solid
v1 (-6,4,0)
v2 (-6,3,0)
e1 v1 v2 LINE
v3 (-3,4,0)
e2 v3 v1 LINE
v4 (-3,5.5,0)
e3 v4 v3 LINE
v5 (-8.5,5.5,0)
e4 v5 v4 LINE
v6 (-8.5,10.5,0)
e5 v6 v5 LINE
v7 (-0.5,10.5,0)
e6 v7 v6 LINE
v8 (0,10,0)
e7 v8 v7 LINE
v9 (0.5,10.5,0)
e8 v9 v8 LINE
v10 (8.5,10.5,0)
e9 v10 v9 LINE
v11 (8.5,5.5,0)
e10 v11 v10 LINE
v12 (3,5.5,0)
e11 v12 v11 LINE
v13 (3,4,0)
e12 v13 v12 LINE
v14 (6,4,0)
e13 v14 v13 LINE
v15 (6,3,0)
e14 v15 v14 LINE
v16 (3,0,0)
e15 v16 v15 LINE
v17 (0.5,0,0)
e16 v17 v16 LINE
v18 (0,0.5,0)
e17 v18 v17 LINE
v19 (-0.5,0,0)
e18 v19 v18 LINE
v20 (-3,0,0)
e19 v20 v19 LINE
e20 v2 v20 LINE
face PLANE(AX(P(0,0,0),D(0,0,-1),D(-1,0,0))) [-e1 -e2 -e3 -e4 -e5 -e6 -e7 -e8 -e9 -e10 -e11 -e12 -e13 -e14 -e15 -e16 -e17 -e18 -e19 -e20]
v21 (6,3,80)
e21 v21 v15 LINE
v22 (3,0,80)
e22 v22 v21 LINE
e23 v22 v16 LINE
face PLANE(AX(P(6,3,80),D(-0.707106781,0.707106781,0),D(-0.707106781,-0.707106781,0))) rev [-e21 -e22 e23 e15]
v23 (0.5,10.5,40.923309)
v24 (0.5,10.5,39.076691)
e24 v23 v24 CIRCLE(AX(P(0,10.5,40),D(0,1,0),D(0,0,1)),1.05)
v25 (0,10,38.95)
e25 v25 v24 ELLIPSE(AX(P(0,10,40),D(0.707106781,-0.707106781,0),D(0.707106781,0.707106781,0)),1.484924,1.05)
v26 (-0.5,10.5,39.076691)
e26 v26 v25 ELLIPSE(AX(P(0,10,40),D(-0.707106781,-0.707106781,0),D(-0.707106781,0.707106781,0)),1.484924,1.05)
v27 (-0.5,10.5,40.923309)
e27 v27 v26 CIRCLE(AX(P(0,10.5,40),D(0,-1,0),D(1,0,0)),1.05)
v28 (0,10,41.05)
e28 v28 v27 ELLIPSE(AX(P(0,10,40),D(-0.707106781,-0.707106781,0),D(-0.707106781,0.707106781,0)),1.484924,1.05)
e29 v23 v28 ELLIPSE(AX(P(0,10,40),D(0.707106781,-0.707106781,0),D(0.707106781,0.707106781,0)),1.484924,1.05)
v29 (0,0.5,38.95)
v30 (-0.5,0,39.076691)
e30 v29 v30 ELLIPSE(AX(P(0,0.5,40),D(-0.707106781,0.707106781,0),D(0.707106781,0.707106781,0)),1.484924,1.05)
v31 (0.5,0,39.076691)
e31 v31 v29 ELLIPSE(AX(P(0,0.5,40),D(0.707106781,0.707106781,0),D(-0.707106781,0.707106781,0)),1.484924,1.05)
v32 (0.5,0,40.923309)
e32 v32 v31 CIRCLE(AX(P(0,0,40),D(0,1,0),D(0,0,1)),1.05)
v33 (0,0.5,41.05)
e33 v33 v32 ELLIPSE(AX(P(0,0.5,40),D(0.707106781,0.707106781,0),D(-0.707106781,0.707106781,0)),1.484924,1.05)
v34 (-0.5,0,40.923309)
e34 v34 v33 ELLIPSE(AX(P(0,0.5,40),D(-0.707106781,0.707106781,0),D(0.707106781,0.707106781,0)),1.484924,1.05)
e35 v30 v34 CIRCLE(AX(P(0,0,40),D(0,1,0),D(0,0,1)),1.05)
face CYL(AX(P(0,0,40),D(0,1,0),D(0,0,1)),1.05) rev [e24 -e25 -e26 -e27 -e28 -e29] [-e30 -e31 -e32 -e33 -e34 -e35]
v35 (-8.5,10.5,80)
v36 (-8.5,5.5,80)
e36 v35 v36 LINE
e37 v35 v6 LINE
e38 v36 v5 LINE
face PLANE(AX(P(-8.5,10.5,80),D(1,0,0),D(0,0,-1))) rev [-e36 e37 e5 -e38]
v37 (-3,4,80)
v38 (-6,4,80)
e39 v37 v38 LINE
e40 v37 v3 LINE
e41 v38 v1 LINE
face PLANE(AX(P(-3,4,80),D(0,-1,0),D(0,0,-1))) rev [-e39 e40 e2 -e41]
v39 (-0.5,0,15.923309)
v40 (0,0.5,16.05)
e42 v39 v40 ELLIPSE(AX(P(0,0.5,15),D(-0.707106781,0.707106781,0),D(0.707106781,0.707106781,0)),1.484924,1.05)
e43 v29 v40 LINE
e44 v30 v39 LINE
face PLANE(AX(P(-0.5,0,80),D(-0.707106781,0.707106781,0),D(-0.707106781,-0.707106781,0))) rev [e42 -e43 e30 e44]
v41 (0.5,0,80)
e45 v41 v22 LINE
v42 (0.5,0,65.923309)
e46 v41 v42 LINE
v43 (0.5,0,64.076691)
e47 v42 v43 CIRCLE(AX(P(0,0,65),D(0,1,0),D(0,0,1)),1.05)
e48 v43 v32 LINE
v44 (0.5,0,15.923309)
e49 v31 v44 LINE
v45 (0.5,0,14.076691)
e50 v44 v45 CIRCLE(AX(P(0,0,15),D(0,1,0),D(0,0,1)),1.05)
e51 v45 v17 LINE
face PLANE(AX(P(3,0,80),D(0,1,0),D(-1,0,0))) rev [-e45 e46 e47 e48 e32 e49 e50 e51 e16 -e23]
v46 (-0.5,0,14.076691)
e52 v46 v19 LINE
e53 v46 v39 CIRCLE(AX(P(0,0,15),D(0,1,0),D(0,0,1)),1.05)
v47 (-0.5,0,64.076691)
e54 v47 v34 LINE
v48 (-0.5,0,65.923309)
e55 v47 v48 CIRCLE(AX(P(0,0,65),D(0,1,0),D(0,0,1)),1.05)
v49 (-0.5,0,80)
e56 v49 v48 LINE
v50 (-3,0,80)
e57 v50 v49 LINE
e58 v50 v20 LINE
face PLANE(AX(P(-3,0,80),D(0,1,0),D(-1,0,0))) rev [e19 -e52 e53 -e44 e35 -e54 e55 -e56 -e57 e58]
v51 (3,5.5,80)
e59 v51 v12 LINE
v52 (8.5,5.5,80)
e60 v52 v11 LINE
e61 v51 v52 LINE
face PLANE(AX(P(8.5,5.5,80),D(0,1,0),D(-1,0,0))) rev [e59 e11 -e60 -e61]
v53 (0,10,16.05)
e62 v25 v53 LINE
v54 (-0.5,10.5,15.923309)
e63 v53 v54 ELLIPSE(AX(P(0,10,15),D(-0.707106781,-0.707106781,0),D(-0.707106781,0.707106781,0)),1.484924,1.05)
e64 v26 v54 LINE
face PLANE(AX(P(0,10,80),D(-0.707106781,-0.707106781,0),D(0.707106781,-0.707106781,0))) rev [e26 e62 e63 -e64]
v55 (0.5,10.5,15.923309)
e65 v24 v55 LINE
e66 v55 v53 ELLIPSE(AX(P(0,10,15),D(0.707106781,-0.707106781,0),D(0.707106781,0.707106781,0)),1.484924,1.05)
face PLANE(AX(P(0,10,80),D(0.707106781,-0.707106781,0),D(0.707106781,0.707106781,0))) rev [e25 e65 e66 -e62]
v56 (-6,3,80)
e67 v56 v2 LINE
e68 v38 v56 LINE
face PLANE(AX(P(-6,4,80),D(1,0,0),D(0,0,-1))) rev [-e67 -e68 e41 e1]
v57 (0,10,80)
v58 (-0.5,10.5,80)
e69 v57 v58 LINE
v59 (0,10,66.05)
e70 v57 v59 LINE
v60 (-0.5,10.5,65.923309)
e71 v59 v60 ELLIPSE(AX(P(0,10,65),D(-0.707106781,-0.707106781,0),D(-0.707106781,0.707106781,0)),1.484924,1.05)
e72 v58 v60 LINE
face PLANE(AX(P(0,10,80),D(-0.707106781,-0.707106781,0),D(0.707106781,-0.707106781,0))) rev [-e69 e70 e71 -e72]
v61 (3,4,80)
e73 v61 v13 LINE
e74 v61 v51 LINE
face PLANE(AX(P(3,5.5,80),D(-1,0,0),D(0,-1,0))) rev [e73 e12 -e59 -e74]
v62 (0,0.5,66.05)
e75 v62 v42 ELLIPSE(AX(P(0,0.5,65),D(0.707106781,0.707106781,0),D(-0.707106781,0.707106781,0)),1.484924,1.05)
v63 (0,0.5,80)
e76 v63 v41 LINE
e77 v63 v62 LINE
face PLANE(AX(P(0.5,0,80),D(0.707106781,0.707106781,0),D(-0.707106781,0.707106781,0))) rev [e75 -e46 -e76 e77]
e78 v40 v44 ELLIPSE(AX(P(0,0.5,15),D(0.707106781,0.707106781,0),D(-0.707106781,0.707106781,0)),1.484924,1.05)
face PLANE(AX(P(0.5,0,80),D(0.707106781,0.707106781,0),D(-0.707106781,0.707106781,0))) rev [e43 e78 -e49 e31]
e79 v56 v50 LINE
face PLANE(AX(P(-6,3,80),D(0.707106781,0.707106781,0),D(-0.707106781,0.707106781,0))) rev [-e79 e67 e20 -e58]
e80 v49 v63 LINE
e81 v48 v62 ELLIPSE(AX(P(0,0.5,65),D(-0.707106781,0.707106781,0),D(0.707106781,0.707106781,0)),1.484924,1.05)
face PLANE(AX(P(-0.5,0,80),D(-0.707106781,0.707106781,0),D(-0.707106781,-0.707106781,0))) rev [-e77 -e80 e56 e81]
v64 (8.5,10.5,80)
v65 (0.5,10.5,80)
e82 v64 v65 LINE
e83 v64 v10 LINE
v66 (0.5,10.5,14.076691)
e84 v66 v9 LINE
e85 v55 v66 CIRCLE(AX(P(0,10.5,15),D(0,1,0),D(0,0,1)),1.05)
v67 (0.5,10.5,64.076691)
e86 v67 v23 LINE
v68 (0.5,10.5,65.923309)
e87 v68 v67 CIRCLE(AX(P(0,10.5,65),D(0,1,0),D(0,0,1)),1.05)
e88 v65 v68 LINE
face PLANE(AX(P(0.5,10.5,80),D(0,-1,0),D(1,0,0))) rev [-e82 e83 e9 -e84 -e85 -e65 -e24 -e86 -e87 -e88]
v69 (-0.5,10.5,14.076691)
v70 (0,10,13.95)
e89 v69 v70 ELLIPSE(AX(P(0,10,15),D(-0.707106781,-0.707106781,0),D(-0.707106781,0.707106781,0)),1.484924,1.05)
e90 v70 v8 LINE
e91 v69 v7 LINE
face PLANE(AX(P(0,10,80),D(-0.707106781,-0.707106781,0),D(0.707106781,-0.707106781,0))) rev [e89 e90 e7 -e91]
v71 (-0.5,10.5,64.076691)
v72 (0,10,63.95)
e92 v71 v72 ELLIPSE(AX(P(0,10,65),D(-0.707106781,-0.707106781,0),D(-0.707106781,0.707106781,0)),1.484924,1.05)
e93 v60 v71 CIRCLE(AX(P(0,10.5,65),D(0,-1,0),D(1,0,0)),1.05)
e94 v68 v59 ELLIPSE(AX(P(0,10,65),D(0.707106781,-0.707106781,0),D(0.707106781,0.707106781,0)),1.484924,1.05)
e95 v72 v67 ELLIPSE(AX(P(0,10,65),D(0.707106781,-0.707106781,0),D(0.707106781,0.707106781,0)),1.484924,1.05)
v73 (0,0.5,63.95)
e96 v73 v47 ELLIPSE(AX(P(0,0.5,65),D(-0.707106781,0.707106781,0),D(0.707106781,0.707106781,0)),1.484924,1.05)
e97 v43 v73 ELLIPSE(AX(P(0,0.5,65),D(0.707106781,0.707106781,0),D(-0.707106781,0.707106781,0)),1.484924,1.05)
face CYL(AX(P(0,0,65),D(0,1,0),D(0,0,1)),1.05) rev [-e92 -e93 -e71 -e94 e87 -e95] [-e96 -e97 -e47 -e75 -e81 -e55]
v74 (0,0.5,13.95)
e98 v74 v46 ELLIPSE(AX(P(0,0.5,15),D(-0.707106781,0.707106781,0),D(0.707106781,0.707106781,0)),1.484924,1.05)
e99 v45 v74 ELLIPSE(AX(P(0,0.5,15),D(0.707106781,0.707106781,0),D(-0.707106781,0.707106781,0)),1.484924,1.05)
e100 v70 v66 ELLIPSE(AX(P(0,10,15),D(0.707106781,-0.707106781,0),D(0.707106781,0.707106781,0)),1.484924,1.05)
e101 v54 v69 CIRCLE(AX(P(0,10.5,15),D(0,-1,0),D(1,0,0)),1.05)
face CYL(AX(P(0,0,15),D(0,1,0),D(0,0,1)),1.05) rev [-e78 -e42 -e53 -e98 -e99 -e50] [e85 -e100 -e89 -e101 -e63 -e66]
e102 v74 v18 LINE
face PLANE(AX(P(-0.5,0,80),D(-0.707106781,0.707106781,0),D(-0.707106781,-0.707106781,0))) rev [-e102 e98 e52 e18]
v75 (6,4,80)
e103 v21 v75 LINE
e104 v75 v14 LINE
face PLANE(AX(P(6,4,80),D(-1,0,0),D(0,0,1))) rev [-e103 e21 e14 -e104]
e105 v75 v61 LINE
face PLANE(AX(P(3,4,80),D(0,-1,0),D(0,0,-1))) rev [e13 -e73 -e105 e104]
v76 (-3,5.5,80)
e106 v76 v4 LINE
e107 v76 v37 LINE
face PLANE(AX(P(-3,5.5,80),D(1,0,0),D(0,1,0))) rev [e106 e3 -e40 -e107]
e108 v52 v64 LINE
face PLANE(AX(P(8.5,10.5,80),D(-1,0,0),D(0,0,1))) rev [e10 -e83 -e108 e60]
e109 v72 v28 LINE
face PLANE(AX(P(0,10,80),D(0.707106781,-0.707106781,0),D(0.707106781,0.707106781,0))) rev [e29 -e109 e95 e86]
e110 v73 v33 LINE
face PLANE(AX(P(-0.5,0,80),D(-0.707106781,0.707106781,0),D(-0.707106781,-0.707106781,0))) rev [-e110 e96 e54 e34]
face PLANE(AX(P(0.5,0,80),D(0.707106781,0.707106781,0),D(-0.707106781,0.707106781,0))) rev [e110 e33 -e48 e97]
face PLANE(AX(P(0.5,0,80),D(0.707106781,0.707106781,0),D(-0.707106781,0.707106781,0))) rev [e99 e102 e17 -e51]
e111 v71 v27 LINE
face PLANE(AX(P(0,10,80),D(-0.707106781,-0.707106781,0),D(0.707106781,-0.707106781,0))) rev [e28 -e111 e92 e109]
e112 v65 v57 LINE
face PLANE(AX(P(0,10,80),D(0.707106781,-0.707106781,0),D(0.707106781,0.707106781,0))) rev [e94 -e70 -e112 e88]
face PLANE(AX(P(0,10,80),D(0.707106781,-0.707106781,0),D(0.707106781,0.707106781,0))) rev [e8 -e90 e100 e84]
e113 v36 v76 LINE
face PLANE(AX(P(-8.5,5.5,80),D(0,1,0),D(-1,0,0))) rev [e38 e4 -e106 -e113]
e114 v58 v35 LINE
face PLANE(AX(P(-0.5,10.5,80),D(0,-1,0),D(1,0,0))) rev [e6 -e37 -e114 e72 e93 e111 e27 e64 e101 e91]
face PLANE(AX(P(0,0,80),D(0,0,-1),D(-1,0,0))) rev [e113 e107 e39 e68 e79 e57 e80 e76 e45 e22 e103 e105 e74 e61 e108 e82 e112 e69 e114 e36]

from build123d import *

# Parameters (mm, degrees)
BOSS_EXTRU_1_DEPTH      = 80
ESQUISSE2_R             = 1.05
ENL_V_MAT_EXTRU_1_DEPTH = 82.132607502


with BuildPart() as part:
    # Esquisse1 → Boss.-Extru.1 (new body)
    with BuildSketch(Plane.XY):
        Polygon((0, 10), (0.5, 10.5), (8.5, 10.5), (8.5, 5.5), (3, 5.5), (3, 4), (6, 4), (6, 3), (3, 0), (0.5, 0), (0, 0.5), (-0.5, 0), (-3, 0), (-6, 3), (-6, 4), (-3, 4), (-3, 5.5), (-8.5, 5.5), (-8.5, 10.5), (-0.5, 10.5), align=None)
    extrude(amount=BOSS_EXTRU_1_DEPTH)

    # Esquisse2 → Enlèv. mat.-Extru.1 (cut, through all)
    with BuildSketch(Plane(origin=(0, 10.5, 0), x_dir=(1, 0, 0), z_dir=(0, 1, 0))):
        with Locations(Location((0, -65, 0), (0, 0, 270))):
            Circle(ESQUISSE2_R)
        with Locations(Location((0, -40, 0), (0, 0, 270))):
            Circle(ESQUISSE2_R)
        with Locations(Location((0, -15, 0), (0, 0, 270))):
            Circle(ESQUISSE2_R)
    extrude(amount=-ENL_V_MAT_EXTRU_1_DEPTH, mode=Mode.SUBTRACT)


solid = part.part
